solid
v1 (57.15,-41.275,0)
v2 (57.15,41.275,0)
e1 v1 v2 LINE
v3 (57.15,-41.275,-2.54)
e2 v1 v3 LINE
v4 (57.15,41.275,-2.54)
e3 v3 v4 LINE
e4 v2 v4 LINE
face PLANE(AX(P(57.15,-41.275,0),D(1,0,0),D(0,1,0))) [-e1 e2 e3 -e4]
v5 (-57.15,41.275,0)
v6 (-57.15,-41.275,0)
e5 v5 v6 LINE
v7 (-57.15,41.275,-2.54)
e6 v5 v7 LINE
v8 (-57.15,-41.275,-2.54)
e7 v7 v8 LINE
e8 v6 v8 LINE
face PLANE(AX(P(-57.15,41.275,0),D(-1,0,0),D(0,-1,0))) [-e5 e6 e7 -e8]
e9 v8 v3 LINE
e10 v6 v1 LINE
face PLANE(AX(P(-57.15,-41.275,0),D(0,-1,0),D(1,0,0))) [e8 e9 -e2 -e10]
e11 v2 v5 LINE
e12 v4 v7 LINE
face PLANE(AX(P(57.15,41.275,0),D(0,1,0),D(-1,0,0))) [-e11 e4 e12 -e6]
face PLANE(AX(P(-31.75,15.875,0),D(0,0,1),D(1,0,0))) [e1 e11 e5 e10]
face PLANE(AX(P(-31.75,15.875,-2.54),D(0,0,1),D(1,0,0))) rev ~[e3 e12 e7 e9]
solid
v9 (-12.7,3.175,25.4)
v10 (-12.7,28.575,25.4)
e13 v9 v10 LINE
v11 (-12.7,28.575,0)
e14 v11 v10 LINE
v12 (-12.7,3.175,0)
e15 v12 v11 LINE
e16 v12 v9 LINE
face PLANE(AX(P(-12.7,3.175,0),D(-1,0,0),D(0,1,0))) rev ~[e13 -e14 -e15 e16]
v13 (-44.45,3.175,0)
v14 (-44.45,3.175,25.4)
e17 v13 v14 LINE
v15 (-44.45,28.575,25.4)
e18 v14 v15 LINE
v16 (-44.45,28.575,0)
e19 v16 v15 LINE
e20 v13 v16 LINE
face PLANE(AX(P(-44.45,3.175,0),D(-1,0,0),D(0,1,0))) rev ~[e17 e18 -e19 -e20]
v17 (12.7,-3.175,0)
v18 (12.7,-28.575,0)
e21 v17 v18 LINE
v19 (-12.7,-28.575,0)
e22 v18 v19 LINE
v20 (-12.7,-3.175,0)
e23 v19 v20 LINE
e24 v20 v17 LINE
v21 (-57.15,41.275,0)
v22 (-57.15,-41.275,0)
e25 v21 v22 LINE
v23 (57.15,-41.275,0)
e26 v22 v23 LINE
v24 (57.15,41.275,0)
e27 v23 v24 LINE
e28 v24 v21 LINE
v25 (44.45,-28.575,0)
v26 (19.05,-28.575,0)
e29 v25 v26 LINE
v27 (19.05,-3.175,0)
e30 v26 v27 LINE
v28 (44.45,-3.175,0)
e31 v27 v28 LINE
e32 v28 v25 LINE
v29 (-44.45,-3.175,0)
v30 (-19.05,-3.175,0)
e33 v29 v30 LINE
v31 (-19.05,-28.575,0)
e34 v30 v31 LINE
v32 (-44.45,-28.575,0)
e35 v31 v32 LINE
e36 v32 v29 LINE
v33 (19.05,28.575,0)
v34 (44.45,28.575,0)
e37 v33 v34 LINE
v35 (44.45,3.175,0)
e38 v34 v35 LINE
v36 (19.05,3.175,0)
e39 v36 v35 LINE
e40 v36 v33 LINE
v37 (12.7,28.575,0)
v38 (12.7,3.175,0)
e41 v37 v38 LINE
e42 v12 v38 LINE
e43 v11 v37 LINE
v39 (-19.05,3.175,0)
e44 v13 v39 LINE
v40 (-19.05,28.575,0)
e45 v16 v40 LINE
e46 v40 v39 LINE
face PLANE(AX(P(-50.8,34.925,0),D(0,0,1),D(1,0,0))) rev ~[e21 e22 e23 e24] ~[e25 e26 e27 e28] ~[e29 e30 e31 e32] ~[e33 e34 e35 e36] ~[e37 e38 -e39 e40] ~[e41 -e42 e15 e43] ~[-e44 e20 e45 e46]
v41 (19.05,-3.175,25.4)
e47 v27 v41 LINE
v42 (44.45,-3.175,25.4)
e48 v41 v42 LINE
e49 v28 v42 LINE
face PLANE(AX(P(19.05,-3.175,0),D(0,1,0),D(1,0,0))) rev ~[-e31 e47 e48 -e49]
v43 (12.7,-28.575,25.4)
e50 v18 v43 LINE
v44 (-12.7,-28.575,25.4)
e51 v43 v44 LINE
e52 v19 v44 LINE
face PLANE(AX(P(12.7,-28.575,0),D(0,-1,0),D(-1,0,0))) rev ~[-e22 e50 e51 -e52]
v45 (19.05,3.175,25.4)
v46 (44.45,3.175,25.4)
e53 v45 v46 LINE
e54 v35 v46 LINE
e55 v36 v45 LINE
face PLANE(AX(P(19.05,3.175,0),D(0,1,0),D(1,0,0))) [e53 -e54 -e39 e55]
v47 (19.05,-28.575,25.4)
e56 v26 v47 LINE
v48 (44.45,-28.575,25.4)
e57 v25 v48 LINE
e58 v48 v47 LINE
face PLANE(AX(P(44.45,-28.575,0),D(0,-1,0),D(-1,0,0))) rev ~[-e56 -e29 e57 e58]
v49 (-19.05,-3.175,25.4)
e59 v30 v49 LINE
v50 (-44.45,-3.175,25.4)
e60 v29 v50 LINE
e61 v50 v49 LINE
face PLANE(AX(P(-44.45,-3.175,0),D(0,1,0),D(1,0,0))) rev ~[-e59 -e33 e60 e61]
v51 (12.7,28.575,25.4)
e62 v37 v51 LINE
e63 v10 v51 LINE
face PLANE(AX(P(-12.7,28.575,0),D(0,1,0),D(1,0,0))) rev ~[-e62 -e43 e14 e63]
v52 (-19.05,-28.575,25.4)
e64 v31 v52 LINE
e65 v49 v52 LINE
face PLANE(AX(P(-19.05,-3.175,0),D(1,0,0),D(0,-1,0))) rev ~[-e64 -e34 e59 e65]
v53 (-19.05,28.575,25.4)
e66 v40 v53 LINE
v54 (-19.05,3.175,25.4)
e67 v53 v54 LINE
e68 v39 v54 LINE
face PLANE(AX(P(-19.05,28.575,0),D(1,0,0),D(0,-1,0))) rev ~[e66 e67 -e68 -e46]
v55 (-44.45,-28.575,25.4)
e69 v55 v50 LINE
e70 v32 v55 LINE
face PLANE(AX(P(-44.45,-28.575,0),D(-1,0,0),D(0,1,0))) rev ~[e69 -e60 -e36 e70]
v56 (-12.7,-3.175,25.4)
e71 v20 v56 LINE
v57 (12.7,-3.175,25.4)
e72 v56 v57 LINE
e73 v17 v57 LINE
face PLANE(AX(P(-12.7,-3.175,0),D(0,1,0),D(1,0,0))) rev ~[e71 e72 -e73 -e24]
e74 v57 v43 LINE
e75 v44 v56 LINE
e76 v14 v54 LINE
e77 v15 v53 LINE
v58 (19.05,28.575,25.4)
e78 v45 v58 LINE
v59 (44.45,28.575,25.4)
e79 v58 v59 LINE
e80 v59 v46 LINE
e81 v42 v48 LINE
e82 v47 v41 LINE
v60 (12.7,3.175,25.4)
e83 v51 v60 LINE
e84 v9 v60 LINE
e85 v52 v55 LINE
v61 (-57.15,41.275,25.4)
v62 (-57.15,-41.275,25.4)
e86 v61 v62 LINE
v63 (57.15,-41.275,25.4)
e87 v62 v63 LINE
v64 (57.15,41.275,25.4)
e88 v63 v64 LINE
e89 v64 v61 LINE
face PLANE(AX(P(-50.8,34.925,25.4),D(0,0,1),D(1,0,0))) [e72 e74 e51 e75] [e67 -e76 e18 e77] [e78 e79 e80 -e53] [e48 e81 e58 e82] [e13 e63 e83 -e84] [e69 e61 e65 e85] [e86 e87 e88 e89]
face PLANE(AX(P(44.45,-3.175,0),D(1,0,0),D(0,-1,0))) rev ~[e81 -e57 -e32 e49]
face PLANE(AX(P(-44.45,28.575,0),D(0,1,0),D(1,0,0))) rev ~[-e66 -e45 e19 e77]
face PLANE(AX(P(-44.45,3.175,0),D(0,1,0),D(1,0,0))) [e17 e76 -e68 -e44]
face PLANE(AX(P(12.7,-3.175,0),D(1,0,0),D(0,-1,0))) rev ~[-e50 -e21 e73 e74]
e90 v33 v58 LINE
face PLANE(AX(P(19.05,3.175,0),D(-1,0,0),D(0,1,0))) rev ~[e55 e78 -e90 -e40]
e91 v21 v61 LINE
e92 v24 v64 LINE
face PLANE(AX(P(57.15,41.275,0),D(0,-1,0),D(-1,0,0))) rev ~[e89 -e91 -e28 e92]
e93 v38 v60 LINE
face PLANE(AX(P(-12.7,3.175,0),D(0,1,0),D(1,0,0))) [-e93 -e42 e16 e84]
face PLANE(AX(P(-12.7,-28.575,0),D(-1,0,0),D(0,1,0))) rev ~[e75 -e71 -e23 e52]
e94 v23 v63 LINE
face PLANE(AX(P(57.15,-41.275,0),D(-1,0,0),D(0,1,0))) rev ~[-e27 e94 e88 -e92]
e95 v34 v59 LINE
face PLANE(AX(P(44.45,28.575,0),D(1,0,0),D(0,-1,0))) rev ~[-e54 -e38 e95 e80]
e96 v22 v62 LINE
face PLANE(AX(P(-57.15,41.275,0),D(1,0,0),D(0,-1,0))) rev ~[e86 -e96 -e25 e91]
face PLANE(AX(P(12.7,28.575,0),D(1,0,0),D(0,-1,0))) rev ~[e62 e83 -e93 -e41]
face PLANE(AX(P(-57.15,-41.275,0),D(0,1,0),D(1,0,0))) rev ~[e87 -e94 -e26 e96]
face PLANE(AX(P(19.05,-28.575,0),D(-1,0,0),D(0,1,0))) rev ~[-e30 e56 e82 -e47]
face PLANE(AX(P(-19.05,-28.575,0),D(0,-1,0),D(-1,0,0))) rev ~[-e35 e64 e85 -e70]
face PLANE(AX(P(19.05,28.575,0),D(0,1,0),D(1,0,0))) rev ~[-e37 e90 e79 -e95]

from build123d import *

# Parameters (mm, degrees)
F0_W     = 12.7
F0_H     = 12.7
F0_W_2   = 6.35
F0_H_2   = 25.4
F0_H_3   = 6.35
F0_W_3   = 25.4
F1_DEPTH = 25.4
F2_DEPTH = 2.54


with BuildPart() as f1:
    # F0 (on Top) → F1 (new body)
    with BuildSketch(Plane.XY):
        with Locations((-50.8, 34.925)):
            Rectangle(F0_W, F0_H)
        Polygon((-44.45, 3.175), (-44.45, 28.575), (-57.15, 28.575), (-57.15, -28.575), (-44.45, -28.575), (-44.45, -3.175), align=None)
        with Locations((-50.8, -34.925)):
            Rectangle(F0_W, F0_H)
        Polygon((44.45, -41.275), (44.45, -28.575), (19.05, -28.575), (12.7, -28.575), (-12.7, -28.575), (-19.05, -28.575), (-44.45, -28.575), (-44.45, -41.275), align=None)
        with Locations((50.8, -34.925)):
            Rectangle(F0_W, F0_H)
        Polygon((57.15, -28.575), (57.15, 28.575), (44.45, 28.575), (44.45, 3.175), (44.45, -3.175), (44.45, -28.575), align=None)
        with Locations((50.8, 34.925)):
            Rectangle(F0_W, F0_H)
        Polygon((44.45, 28.575), (44.45, 41.275), (-44.45, 41.275), (-44.45, 28.575), (-19.05, 28.575), (-12.7, 28.575), (12.7, 28.575), (19.05, 28.575), align=None)
        with Locations((15.875, 15.875)):
            Rectangle(F0_W_2, F0_H_2)
        with Locations((15.875, 0)):
            Rectangle(F0_W_2, F0_H_3)
        with Locations((15.875, -15.875)):
            Rectangle(F0_W_2, F0_H_2)
        with Locations((-15.875, 15.875)):
            Rectangle(F0_W_2, F0_H_2)
        with Locations((-15.875, 0)):
            Rectangle(F0_W_2, F0_H_3)
        with Locations((-15.875, -15.875)):
            Rectangle(F0_W_2, F0_H_2)
        with Locations((-31.75, 0)):
            Rectangle(F0_W_3, F0_H_3)
        Rectangle(F0_W_3, F0_H_3)
        with Locations((31.75, 0)):
            Rectangle(F0_W_3, F0_H_3)
    extrude(amount=F1_DEPTH)


with BuildPart() as f2:
    # F0 (on Top) → F2 (new body)
    with BuildSketch(Plane.XY):
        with Locations((-31.75, 15.875)):
            Rectangle(F0_W_3, F0_H_2)
        Polygon((-44.45, 3.175), (-44.45, 28.575), (-57.15, 28.575), (-57.15, -28.575), (-44.45, -28.575), (-44.45, -3.175), align=None)
        with Locations((-50.8, -34.925)):
            Rectangle(F0_W, F0_H)
        Polygon((44.45, -41.275), (44.45, -28.575), (19.05, -28.575), (12.7, -28.575), (-12.7, -28.575), (-19.05, -28.575), (-44.45, -28.575), (-44.45, -41.275), align=None)
        with Locations((50.8, -34.925)):
            Rectangle(F0_W, F0_H)
        Polygon((57.15, -28.575), (57.15, 28.575), (44.45, 28.575), (44.45, 3.175), (44.45, -3.175), (44.45, -28.575), align=None)
        with Locations((31.75, -15.875)):
            Rectangle(F0_W_3, F0_H_2)
        with Locations((-31.75, -15.875)):
            Rectangle(F0_W_3, F0_H_2)
        with Locations((0, 15.875)):
            Rectangle(F0_W_3, F0_H_2)
        with Locations((31.75, 15.875)):
            Rectangle(F0_W_3, F0_H_2)
        Polygon((44.45, 28.575), (44.45, 41.275), (-44.45, 41.275), (-44.45, 28.575), (-19.05, 28.575), (-12.7, 28.575), (12.7, 28.575), (19.05, 28.575), align=None)
        with Locations((50.8, 34.925)):
            Rectangle(F0_W, F0_H)
        with Locations((-50.8, 34.925)):
            Rectangle(F0_W, F0_H)
        with Locations((-31.75, 0)):
            Rectangle(F0_W_3, F0_H_3)
        with Locations((0, -15.875)):
            Rectangle(F0_W_3, F0_H_2)
        with Locations((15.875, -15.875)):
            Rectangle(F0_W_2, F0_H_2)
        with Locations((-15.875, -15.875)):
            Rectangle(F0_W_2, F0_H_2)
        with Locations((-15.875, 0)):
            Rectangle(F0_W_2, F0_H_3)
        with Locations((-15.875, 15.875)):
            Rectangle(F0_W_2, F0_H_2)
        Rectangle(F0_W_3, F0_H_3)
        with Locations((15.875, 0)):
            Rectangle(F0_W_2, F0_H_3)
        with Locations((31.75, 0)):
            Rectangle(F0_W_3, F0_H_3)
        with Locations((15.875, 15.875)):
            Rectangle(F0_W_2, F0_H_2)
    extrude(amount=-F2_DEPTH)


solid = Compound([f1.part, f2.part])
